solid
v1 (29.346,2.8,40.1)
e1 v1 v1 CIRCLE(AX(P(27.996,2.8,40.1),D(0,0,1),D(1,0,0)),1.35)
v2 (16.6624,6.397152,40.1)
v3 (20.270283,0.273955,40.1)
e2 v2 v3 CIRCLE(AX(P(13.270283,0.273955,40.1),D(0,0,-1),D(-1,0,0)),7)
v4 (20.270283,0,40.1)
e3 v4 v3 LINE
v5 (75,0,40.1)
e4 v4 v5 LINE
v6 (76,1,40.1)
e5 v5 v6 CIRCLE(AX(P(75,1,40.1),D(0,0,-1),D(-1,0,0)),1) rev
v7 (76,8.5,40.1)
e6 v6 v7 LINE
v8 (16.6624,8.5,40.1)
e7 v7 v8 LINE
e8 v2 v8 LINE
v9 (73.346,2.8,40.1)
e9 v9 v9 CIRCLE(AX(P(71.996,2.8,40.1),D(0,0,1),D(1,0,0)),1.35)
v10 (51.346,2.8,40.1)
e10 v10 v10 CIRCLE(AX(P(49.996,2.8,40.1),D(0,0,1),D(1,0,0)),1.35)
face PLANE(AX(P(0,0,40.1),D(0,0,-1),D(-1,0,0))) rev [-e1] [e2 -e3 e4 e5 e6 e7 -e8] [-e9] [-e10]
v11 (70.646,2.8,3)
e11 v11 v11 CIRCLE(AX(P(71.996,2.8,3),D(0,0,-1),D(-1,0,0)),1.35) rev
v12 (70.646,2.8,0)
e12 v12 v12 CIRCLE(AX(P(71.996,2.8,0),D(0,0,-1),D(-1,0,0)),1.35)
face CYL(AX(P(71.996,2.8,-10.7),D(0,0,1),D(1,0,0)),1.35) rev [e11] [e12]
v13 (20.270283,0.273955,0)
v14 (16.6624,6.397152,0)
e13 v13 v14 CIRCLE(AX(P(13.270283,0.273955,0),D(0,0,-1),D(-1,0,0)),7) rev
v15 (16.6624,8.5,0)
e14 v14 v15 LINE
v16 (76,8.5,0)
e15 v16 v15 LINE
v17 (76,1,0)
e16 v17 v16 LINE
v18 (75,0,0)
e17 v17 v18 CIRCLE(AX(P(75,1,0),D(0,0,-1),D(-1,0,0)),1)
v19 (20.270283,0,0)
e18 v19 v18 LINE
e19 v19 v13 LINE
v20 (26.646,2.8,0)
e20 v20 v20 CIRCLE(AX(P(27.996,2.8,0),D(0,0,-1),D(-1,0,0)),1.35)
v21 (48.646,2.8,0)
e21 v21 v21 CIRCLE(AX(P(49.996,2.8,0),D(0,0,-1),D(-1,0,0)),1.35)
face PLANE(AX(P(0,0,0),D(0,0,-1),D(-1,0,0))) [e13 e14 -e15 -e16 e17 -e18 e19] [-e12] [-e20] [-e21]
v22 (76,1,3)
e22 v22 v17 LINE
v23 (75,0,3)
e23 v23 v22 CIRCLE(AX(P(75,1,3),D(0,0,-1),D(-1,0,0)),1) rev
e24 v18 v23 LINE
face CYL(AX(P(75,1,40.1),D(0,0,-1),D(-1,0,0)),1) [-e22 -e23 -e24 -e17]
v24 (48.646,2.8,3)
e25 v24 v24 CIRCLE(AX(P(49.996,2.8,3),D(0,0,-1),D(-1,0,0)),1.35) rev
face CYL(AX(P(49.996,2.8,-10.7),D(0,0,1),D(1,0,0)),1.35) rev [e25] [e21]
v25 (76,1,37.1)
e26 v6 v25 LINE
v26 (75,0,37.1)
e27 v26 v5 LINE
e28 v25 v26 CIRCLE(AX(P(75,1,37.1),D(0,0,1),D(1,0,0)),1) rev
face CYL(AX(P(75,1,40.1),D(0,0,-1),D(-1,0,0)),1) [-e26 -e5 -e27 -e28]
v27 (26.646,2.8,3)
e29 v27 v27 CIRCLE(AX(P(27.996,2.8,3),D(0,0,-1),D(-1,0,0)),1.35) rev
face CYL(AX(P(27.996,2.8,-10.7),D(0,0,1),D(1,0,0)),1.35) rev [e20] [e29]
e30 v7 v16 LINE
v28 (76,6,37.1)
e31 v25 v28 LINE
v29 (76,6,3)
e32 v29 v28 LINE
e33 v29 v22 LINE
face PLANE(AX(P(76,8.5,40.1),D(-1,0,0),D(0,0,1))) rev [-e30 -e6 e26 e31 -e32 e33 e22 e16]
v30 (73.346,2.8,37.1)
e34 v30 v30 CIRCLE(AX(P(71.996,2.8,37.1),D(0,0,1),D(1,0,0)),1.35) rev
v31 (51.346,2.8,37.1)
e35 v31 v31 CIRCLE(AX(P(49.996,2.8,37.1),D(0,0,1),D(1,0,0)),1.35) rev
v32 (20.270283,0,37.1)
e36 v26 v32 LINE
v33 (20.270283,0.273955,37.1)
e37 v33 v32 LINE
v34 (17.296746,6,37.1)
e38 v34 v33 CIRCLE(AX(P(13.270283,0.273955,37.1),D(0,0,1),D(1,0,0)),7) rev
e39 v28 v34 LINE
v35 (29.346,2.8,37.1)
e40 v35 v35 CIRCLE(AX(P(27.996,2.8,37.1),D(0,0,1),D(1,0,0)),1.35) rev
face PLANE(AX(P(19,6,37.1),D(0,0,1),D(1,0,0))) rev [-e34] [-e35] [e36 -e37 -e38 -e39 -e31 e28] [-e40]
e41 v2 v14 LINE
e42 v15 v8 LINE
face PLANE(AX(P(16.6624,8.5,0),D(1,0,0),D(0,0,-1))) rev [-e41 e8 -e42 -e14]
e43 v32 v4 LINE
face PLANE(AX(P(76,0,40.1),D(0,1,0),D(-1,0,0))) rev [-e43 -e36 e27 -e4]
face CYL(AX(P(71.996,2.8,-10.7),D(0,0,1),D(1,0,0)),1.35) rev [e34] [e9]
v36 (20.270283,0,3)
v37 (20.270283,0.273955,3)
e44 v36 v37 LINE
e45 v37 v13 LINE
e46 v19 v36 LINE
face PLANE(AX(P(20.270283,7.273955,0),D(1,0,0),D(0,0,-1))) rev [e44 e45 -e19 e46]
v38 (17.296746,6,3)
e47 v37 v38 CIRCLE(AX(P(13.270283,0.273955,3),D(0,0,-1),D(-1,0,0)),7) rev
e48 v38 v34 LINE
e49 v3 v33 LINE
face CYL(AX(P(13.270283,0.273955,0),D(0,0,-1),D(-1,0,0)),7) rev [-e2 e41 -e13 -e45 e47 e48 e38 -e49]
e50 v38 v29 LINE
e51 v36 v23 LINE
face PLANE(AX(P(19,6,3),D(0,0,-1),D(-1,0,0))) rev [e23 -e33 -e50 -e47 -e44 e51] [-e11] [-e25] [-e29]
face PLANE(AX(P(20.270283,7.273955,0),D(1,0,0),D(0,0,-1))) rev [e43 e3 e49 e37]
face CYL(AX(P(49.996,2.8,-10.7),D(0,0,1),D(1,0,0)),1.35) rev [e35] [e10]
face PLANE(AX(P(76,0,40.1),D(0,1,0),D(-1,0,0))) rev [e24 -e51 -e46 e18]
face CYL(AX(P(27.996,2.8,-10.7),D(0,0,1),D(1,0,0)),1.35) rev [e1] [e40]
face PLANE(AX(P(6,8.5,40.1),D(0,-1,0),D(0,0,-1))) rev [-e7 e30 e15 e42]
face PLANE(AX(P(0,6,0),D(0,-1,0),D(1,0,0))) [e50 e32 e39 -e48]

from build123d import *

# Parameters (mm, degrees)
BOSS_EXTRUDE1_DEPTH = 40.1
SKETCH3_R           = 1.35
CUT_EXTRUDE2_DEPTH  = 50.8
SKETCH4_R           = 1.016
CUT_EXTRUDE3_DEPTH  = 50.8
SKETCH6_W           = 62.086073973
SKETCH6_H           = 34.1
CUT_EXTRUDE4_DEPTH  = 6
BOSS_EXTRUDE5_DEPTH = 2
FILLET1_R           = 1
SKETCH17_W          = 87.972052268
SKETCH17_H          = 62.392444702
CUT_EXTRUDE5_DEPTH  = 101.73954578
SKETCH18_W          = 11.938
SKETCH18_H          = 8.5
CUT_EXTRUDE6_DEPTH  = 87.3496381
SKETCH19_W          = 9.553882118
SKETCH19_H          = 7.100488973
BOSS_EXTRUDE6_DEPTH = 40
SKETCH20_W          = 8.332283041
SKETCH20_H          = 7.273954642
CUT_EXTRUDE8_DEPTH  = 87.3496381
FILLET2_R           = 7
SKETCH21_W          = 4.7244
SKETCH21_H          = 10
CUT_EXTRUDE9_DEPTH  = 87.3496381
SKETCH22_W          = 34.1
SKETCH22_H          = 6
CUT_EXTRUDE10_DEPTH = 69.201135731


with BuildPart() as part:
    # Sketch1 → Boss-Extrude1 (new body)
    with BuildSketch(Plane.XY):
        Polygon((0, 0), (0, 52.578), (6, 52.578), (6, 8.5), (76, 8.5), (76, 0), align=None)
    extrude(amount=BOSS_EXTRUDE1_DEPTH)

    # Sketch3 → Cut-Extrude2 (cut)
    with BuildSketch(Plane.XY.offset(40.1)):
        with Locations((27.996, 2.8)):
            Circle(SKETCH3_R)
        with Locations((49.996, 2.8)):
            Circle(SKETCH3_R)
        with Locations((71.996, 2.8)):
            Circle(SKETCH3_R)
    extrude(amount=-CUT_EXTRUDE2_DEPTH, mode=Mode.SUBTRACT)

    # Sketch4 → Cut-Extrude3 (cut)
    with BuildSketch(Plane.ZY):
        with Locations((27.88, 17.6)):
            Circle(SKETCH4_R)
        with Locations(Location((11.88, 17.6, 0), (0, 0, 270))):
            Circle(SKETCH4_R)
        with Locations((27.88, 49.6)):
            Circle(SKETCH4_R)
        with Locations(Location((11.88, 49.6, 0), (0, 0, 270))):
            Circle(SKETCH4_R)
    extrude(amount=-CUT_EXTRUDE3_DEPTH, mode=Mode.SUBTRACT)

    # Sketch6 → Cut-Extrude4 (cut)
    with BuildSketch(Plane.XZ):
        with Locations((50.043036987, 20.05)):
            Rectangle(SKETCH6_W, SKETCH6_H)
    extrude(amount=-CUT_EXTRUDE4_DEPTH, mode=Mode.SUBTRACT)

    # Sketch16 → Boss-Extrude5 (add)
    with BuildSketch(Plane.XY.offset(40.1)):
        Polygon((6, 8.5), (26, 8.5), (6, 33.5), align=None)
    boss_extrude5 = extrude(amount=-BOSS_EXTRUDE5_DEPTH)

    # Mirror2: Boss-Extrude5 across plane
    add(boss_extrude5.mirror(Plane(origin=(0, 0, 20.05), x_dir=(1, 0, 0), z_dir=(0, 0, -1))))

    # Fillet1
    fillet1_edges = [part.edges().sort_by_distance(p)[0] for p in [
        (0, 0, 20.05),
        (76, 0, 38.6),
        (3, 52.578, 40.1),
        (76, 0, 1.5),
        (3, 52.578, 0),
    ]]
    fillet(fillet1_edges, radius=FILLET1_R)

    # Sketch17 → Cut-Extrude5 (cut, through all)
    with BuildSketch(Plane.XY.offset(40.1)):
        with Locations((43.986026134, 39.696222351)):
            Rectangle(SKETCH17_W, SKETCH17_H)
    extrude(amount=-CUT_EXTRUDE5_DEPTH, mode=Mode.SUBTRACT)

    # Sketch18 → Cut-Extrude6 (cut, through all)
    with BuildSketch(Plane.XY.offset(40.1)):
        with Locations((5.969, 4.25)):
            Rectangle(SKETCH18_W, SKETCH18_H)
    extrude(amount=-CUT_EXTRUDE6_DEPTH, mode=Mode.SUBTRACT)

    # Sketch19 → Boss-Extrude6 (add)
    with BuildSketch(Plane.XY.offset(40.1)):
        with Locations((16.714941059, 3.550244487)):
            Rectangle(SKETCH19_W, SKETCH19_H)
    extrude(amount=-BOSS_EXTRUDE6_DEPTH)

    # Sketch20 → Cut-Extrude8 (cut, through all)
    with BuildSketch(Plane.XY.offset(40.1)):
        with Locations((16.104141521, 3.636977321)):
            Rectangle(SKETCH20_W, SKETCH20_H)
    extrude(amount=-CUT_EXTRUDE8_DEPTH, mode=Mode.SUBTRACT)

    # Fillet2
    fillet2_edges = [part.edges().sort_by_distance(p)[0] for p in [
        (20.270283041, 7.273954642, 20.05),
    ]]
    fillet(fillet2_edges, radius=FILLET2_R)

    # Sketch21 → Cut-Extrude9 (cut, through all)
    with BuildSketch(Plane.XY.offset(40.1)):
        with Locations((14.3002, 3.5)):
            Rectangle(SKETCH21_W, SKETCH21_H)
    extrude(amount=-CUT_EXTRUDE9_DEPTH, mode=Mode.SUBTRACT)

    # Sketch22 → Cut-Extrude10 (cut, through all)
    with BuildSketch(Plane(origin=(21.491882118, 0, 0), x_dir=(0, 0, -1), z_dir=(1, 0, 0))):
        with Locations((-20.05, 3)):
            Rectangle(SKETCH22_W, SKETCH22_H)
    extrude(amount=-CUT_EXTRUDE10_DEPTH, mode=Mode.SUBTRACT)


solid = part.part
